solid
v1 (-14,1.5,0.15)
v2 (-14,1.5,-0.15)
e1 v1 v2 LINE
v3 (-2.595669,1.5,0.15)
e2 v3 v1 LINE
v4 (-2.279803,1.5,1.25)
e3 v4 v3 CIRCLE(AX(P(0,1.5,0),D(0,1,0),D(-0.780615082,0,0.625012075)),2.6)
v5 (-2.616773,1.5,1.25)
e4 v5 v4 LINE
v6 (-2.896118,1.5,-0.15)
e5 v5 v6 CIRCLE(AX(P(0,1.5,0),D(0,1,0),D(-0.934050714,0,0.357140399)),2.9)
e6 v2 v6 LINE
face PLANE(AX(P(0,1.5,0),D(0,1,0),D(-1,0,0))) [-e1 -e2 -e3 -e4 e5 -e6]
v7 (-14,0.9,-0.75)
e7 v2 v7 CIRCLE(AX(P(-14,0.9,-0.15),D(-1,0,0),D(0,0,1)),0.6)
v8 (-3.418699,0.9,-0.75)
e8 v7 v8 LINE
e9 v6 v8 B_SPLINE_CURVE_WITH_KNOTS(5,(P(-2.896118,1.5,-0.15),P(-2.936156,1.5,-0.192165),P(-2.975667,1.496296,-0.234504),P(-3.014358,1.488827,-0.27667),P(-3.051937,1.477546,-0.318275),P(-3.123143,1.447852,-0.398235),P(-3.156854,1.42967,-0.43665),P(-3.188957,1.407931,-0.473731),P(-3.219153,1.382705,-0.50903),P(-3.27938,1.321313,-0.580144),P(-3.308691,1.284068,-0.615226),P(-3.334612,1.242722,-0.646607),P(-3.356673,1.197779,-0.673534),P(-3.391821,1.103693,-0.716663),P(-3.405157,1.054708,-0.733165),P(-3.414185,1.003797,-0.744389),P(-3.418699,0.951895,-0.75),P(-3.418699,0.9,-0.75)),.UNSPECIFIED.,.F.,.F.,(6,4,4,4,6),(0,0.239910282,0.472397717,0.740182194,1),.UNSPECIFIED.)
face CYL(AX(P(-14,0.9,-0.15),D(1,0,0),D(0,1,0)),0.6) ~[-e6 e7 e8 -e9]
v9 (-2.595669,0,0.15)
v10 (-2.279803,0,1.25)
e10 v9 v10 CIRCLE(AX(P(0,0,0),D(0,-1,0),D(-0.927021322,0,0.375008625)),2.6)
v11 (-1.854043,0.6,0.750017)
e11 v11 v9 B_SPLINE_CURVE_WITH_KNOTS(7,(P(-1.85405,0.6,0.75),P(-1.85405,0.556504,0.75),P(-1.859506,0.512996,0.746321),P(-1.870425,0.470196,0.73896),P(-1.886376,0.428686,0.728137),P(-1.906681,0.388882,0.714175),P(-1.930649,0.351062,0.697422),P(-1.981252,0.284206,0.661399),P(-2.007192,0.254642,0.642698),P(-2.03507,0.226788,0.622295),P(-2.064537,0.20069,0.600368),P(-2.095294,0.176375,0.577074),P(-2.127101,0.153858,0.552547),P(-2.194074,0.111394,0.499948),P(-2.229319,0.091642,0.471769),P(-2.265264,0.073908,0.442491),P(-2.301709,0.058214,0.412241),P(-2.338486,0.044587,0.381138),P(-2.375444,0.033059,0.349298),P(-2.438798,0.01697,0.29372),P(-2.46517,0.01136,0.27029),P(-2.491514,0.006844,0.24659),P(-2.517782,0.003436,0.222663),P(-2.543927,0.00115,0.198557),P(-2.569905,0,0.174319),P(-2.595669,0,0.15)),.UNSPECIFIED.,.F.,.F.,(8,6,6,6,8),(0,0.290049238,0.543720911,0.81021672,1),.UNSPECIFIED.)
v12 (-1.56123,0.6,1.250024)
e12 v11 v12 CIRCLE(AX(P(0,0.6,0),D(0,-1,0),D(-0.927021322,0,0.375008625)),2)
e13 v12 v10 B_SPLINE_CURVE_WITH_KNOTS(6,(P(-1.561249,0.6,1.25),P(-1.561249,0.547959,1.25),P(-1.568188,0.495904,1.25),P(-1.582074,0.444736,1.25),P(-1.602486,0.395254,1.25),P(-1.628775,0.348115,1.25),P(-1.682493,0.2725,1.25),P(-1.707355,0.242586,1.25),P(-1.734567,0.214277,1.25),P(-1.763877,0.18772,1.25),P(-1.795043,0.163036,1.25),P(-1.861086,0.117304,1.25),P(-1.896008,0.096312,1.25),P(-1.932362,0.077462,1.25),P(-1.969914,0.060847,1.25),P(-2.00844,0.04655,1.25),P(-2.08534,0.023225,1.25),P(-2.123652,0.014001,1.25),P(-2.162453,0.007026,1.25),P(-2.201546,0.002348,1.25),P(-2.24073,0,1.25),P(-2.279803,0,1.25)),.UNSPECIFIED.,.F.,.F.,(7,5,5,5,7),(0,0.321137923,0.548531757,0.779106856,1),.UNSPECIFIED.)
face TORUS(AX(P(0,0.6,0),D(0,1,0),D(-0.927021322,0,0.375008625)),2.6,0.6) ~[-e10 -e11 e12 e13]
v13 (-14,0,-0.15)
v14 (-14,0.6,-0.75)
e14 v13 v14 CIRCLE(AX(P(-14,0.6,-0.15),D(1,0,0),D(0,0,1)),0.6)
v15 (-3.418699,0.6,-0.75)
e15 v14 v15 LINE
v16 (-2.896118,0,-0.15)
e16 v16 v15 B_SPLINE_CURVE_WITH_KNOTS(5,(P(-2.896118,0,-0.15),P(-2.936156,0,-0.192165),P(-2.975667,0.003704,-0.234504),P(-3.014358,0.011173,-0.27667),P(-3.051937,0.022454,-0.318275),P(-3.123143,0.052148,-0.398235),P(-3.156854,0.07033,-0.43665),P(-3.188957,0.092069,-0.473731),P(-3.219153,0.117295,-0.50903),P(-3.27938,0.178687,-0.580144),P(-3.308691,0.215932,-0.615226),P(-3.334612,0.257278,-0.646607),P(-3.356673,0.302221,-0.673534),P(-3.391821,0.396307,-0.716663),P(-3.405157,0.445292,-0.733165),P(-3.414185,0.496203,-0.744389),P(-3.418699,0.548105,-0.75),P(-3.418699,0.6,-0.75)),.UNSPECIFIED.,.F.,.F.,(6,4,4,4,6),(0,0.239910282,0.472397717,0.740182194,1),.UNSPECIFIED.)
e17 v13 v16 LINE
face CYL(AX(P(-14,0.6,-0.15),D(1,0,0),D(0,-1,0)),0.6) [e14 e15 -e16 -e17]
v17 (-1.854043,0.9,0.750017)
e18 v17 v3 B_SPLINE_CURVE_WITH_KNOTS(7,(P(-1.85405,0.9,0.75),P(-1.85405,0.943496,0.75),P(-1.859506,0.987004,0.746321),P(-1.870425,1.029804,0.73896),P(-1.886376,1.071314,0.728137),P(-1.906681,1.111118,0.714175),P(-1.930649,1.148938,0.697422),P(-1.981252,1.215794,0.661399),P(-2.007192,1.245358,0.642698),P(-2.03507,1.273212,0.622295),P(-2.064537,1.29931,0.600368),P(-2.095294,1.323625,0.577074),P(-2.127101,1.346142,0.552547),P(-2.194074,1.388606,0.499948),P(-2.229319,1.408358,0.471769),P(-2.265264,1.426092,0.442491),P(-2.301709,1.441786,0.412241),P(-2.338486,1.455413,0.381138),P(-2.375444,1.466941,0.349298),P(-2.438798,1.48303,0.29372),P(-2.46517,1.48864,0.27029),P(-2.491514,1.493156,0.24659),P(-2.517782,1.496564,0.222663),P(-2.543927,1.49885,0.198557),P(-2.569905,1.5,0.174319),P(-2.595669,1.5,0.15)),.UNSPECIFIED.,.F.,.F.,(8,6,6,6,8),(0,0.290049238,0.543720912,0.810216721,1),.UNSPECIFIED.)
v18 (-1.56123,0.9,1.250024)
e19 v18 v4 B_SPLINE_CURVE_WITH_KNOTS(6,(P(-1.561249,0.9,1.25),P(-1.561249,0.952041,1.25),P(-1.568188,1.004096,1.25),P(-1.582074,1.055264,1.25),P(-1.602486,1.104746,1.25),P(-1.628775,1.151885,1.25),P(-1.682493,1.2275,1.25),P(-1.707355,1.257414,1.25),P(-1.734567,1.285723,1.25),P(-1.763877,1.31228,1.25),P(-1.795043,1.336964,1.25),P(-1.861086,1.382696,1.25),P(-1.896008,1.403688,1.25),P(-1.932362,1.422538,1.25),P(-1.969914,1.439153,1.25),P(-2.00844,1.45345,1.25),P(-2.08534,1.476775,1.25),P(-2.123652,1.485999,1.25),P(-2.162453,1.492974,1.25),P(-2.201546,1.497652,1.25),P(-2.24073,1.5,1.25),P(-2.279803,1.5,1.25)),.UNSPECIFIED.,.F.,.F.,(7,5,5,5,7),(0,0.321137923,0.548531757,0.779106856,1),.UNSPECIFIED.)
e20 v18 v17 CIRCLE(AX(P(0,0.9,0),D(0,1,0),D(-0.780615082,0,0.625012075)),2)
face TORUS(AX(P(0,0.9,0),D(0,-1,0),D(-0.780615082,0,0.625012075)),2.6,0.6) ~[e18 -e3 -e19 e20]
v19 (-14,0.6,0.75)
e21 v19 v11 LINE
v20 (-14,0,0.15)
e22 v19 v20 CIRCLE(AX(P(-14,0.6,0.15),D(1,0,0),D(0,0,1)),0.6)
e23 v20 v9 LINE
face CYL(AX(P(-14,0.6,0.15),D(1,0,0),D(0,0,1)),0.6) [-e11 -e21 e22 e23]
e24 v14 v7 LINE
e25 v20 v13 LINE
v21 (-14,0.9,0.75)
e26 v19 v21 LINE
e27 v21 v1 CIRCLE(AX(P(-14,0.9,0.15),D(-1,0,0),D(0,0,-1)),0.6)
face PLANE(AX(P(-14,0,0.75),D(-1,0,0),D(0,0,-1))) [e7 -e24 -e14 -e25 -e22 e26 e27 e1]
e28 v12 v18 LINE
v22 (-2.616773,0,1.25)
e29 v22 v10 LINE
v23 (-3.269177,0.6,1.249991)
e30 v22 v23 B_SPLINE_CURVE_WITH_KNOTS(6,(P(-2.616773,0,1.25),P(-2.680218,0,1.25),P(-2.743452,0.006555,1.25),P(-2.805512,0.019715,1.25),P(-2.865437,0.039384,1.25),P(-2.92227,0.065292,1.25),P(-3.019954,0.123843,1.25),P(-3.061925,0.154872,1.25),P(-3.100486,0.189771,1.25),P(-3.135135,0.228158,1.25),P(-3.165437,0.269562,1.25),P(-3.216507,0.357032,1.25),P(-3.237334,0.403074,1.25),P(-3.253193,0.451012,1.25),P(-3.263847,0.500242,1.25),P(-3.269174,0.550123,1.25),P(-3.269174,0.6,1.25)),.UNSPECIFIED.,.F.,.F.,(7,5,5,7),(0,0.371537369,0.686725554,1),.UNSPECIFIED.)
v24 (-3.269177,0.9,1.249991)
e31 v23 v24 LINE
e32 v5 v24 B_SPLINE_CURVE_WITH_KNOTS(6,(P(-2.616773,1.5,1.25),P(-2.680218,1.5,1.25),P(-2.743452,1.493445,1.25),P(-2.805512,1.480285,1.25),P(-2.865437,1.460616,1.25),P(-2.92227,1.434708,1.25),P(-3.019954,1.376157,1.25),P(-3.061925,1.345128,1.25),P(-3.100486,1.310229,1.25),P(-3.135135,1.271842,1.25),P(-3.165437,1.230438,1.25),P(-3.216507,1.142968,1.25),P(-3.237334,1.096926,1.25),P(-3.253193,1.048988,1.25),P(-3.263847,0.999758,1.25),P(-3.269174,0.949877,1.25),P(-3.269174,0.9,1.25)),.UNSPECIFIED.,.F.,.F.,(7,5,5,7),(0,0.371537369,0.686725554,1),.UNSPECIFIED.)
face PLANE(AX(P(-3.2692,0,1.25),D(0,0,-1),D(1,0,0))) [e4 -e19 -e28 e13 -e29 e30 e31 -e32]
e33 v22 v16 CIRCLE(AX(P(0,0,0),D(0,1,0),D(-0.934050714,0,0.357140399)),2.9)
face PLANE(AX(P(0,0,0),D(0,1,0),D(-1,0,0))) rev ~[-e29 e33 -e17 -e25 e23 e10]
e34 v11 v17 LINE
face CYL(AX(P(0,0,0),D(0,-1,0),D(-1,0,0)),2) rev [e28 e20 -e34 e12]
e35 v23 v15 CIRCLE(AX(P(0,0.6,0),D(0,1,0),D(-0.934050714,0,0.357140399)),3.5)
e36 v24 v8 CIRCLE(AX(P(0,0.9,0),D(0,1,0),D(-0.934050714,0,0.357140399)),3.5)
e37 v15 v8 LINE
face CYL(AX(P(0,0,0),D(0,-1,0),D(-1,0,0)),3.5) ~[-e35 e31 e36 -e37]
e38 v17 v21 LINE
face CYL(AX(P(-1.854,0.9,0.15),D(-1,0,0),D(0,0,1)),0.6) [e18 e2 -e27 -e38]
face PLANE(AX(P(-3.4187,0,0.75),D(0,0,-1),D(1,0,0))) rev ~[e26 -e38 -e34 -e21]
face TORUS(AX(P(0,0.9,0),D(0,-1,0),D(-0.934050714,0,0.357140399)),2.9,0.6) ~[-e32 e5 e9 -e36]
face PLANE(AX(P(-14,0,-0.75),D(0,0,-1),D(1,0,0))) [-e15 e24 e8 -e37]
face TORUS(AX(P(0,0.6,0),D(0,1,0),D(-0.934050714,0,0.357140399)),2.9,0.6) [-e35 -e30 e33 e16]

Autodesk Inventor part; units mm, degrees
ref_plane "YZ Plane" through (0, 0, 0) normal (1, 0, 0) x (0, 1, 0)
ref_plane "XZ Plane" through (0, 0, 0) normal (0, 1, 0) x (-1, 0, 0)
ref_plane "XY Plane" through (0, 0, 0) normal (0, 0, 1) x (1, 0, 0)
sketch "Sketch1" plane through (0, 0, 0) normal (0, 1, 0) x (-1, 0, 0)
  circle A0 centre (0, 0) radius 2
  circle A1 centre (0, 0) radius 3.5
  line L0 (14, 0.75) -> (3.4187, 0.75)
  line L1 (14, 0.75) -> (14, -0.75)
  line L2 (14, -0.75) -> (3.4187, -0.75)
  line L3 (3.4187, 0.75) -> (1.854, 0.75)
  line L4 (3.2692, 1.25) -> (1.5612, 1.25)
  dimension "d0" = 4
  dimension "d1" = 1.5
  dimension "d2" = 0.75
  dimension "d3" = 0.75
  dimension "d4" = 14
  dimension "d5" = 0.5
extrude "Extrusion1" add sketch "Sketch1" along normal blind 1.5 contours A0 L3 A1 L4 | L0 L1 L2 A1 picked at (2.5643, 1.5047)
fillet "Fillet1" radius 0.6 8 edges at (1.7259, 1.5, -1.0107) (1.7259, 0, -1.0107) (3.4903, 1.5, -0.2609) (3.4903, 0, -0.2609) (-8.7093, 1.5, -0.75) (-8.7093, 0, -0.75) (-8.7093, 1.5, 0.75) (-8.7093, 0, 0.75)
equation "\"d3\" = d2"
properties part number "CUT_COPPER_Top_Disc_1,5mm_Connecting_Wire"
